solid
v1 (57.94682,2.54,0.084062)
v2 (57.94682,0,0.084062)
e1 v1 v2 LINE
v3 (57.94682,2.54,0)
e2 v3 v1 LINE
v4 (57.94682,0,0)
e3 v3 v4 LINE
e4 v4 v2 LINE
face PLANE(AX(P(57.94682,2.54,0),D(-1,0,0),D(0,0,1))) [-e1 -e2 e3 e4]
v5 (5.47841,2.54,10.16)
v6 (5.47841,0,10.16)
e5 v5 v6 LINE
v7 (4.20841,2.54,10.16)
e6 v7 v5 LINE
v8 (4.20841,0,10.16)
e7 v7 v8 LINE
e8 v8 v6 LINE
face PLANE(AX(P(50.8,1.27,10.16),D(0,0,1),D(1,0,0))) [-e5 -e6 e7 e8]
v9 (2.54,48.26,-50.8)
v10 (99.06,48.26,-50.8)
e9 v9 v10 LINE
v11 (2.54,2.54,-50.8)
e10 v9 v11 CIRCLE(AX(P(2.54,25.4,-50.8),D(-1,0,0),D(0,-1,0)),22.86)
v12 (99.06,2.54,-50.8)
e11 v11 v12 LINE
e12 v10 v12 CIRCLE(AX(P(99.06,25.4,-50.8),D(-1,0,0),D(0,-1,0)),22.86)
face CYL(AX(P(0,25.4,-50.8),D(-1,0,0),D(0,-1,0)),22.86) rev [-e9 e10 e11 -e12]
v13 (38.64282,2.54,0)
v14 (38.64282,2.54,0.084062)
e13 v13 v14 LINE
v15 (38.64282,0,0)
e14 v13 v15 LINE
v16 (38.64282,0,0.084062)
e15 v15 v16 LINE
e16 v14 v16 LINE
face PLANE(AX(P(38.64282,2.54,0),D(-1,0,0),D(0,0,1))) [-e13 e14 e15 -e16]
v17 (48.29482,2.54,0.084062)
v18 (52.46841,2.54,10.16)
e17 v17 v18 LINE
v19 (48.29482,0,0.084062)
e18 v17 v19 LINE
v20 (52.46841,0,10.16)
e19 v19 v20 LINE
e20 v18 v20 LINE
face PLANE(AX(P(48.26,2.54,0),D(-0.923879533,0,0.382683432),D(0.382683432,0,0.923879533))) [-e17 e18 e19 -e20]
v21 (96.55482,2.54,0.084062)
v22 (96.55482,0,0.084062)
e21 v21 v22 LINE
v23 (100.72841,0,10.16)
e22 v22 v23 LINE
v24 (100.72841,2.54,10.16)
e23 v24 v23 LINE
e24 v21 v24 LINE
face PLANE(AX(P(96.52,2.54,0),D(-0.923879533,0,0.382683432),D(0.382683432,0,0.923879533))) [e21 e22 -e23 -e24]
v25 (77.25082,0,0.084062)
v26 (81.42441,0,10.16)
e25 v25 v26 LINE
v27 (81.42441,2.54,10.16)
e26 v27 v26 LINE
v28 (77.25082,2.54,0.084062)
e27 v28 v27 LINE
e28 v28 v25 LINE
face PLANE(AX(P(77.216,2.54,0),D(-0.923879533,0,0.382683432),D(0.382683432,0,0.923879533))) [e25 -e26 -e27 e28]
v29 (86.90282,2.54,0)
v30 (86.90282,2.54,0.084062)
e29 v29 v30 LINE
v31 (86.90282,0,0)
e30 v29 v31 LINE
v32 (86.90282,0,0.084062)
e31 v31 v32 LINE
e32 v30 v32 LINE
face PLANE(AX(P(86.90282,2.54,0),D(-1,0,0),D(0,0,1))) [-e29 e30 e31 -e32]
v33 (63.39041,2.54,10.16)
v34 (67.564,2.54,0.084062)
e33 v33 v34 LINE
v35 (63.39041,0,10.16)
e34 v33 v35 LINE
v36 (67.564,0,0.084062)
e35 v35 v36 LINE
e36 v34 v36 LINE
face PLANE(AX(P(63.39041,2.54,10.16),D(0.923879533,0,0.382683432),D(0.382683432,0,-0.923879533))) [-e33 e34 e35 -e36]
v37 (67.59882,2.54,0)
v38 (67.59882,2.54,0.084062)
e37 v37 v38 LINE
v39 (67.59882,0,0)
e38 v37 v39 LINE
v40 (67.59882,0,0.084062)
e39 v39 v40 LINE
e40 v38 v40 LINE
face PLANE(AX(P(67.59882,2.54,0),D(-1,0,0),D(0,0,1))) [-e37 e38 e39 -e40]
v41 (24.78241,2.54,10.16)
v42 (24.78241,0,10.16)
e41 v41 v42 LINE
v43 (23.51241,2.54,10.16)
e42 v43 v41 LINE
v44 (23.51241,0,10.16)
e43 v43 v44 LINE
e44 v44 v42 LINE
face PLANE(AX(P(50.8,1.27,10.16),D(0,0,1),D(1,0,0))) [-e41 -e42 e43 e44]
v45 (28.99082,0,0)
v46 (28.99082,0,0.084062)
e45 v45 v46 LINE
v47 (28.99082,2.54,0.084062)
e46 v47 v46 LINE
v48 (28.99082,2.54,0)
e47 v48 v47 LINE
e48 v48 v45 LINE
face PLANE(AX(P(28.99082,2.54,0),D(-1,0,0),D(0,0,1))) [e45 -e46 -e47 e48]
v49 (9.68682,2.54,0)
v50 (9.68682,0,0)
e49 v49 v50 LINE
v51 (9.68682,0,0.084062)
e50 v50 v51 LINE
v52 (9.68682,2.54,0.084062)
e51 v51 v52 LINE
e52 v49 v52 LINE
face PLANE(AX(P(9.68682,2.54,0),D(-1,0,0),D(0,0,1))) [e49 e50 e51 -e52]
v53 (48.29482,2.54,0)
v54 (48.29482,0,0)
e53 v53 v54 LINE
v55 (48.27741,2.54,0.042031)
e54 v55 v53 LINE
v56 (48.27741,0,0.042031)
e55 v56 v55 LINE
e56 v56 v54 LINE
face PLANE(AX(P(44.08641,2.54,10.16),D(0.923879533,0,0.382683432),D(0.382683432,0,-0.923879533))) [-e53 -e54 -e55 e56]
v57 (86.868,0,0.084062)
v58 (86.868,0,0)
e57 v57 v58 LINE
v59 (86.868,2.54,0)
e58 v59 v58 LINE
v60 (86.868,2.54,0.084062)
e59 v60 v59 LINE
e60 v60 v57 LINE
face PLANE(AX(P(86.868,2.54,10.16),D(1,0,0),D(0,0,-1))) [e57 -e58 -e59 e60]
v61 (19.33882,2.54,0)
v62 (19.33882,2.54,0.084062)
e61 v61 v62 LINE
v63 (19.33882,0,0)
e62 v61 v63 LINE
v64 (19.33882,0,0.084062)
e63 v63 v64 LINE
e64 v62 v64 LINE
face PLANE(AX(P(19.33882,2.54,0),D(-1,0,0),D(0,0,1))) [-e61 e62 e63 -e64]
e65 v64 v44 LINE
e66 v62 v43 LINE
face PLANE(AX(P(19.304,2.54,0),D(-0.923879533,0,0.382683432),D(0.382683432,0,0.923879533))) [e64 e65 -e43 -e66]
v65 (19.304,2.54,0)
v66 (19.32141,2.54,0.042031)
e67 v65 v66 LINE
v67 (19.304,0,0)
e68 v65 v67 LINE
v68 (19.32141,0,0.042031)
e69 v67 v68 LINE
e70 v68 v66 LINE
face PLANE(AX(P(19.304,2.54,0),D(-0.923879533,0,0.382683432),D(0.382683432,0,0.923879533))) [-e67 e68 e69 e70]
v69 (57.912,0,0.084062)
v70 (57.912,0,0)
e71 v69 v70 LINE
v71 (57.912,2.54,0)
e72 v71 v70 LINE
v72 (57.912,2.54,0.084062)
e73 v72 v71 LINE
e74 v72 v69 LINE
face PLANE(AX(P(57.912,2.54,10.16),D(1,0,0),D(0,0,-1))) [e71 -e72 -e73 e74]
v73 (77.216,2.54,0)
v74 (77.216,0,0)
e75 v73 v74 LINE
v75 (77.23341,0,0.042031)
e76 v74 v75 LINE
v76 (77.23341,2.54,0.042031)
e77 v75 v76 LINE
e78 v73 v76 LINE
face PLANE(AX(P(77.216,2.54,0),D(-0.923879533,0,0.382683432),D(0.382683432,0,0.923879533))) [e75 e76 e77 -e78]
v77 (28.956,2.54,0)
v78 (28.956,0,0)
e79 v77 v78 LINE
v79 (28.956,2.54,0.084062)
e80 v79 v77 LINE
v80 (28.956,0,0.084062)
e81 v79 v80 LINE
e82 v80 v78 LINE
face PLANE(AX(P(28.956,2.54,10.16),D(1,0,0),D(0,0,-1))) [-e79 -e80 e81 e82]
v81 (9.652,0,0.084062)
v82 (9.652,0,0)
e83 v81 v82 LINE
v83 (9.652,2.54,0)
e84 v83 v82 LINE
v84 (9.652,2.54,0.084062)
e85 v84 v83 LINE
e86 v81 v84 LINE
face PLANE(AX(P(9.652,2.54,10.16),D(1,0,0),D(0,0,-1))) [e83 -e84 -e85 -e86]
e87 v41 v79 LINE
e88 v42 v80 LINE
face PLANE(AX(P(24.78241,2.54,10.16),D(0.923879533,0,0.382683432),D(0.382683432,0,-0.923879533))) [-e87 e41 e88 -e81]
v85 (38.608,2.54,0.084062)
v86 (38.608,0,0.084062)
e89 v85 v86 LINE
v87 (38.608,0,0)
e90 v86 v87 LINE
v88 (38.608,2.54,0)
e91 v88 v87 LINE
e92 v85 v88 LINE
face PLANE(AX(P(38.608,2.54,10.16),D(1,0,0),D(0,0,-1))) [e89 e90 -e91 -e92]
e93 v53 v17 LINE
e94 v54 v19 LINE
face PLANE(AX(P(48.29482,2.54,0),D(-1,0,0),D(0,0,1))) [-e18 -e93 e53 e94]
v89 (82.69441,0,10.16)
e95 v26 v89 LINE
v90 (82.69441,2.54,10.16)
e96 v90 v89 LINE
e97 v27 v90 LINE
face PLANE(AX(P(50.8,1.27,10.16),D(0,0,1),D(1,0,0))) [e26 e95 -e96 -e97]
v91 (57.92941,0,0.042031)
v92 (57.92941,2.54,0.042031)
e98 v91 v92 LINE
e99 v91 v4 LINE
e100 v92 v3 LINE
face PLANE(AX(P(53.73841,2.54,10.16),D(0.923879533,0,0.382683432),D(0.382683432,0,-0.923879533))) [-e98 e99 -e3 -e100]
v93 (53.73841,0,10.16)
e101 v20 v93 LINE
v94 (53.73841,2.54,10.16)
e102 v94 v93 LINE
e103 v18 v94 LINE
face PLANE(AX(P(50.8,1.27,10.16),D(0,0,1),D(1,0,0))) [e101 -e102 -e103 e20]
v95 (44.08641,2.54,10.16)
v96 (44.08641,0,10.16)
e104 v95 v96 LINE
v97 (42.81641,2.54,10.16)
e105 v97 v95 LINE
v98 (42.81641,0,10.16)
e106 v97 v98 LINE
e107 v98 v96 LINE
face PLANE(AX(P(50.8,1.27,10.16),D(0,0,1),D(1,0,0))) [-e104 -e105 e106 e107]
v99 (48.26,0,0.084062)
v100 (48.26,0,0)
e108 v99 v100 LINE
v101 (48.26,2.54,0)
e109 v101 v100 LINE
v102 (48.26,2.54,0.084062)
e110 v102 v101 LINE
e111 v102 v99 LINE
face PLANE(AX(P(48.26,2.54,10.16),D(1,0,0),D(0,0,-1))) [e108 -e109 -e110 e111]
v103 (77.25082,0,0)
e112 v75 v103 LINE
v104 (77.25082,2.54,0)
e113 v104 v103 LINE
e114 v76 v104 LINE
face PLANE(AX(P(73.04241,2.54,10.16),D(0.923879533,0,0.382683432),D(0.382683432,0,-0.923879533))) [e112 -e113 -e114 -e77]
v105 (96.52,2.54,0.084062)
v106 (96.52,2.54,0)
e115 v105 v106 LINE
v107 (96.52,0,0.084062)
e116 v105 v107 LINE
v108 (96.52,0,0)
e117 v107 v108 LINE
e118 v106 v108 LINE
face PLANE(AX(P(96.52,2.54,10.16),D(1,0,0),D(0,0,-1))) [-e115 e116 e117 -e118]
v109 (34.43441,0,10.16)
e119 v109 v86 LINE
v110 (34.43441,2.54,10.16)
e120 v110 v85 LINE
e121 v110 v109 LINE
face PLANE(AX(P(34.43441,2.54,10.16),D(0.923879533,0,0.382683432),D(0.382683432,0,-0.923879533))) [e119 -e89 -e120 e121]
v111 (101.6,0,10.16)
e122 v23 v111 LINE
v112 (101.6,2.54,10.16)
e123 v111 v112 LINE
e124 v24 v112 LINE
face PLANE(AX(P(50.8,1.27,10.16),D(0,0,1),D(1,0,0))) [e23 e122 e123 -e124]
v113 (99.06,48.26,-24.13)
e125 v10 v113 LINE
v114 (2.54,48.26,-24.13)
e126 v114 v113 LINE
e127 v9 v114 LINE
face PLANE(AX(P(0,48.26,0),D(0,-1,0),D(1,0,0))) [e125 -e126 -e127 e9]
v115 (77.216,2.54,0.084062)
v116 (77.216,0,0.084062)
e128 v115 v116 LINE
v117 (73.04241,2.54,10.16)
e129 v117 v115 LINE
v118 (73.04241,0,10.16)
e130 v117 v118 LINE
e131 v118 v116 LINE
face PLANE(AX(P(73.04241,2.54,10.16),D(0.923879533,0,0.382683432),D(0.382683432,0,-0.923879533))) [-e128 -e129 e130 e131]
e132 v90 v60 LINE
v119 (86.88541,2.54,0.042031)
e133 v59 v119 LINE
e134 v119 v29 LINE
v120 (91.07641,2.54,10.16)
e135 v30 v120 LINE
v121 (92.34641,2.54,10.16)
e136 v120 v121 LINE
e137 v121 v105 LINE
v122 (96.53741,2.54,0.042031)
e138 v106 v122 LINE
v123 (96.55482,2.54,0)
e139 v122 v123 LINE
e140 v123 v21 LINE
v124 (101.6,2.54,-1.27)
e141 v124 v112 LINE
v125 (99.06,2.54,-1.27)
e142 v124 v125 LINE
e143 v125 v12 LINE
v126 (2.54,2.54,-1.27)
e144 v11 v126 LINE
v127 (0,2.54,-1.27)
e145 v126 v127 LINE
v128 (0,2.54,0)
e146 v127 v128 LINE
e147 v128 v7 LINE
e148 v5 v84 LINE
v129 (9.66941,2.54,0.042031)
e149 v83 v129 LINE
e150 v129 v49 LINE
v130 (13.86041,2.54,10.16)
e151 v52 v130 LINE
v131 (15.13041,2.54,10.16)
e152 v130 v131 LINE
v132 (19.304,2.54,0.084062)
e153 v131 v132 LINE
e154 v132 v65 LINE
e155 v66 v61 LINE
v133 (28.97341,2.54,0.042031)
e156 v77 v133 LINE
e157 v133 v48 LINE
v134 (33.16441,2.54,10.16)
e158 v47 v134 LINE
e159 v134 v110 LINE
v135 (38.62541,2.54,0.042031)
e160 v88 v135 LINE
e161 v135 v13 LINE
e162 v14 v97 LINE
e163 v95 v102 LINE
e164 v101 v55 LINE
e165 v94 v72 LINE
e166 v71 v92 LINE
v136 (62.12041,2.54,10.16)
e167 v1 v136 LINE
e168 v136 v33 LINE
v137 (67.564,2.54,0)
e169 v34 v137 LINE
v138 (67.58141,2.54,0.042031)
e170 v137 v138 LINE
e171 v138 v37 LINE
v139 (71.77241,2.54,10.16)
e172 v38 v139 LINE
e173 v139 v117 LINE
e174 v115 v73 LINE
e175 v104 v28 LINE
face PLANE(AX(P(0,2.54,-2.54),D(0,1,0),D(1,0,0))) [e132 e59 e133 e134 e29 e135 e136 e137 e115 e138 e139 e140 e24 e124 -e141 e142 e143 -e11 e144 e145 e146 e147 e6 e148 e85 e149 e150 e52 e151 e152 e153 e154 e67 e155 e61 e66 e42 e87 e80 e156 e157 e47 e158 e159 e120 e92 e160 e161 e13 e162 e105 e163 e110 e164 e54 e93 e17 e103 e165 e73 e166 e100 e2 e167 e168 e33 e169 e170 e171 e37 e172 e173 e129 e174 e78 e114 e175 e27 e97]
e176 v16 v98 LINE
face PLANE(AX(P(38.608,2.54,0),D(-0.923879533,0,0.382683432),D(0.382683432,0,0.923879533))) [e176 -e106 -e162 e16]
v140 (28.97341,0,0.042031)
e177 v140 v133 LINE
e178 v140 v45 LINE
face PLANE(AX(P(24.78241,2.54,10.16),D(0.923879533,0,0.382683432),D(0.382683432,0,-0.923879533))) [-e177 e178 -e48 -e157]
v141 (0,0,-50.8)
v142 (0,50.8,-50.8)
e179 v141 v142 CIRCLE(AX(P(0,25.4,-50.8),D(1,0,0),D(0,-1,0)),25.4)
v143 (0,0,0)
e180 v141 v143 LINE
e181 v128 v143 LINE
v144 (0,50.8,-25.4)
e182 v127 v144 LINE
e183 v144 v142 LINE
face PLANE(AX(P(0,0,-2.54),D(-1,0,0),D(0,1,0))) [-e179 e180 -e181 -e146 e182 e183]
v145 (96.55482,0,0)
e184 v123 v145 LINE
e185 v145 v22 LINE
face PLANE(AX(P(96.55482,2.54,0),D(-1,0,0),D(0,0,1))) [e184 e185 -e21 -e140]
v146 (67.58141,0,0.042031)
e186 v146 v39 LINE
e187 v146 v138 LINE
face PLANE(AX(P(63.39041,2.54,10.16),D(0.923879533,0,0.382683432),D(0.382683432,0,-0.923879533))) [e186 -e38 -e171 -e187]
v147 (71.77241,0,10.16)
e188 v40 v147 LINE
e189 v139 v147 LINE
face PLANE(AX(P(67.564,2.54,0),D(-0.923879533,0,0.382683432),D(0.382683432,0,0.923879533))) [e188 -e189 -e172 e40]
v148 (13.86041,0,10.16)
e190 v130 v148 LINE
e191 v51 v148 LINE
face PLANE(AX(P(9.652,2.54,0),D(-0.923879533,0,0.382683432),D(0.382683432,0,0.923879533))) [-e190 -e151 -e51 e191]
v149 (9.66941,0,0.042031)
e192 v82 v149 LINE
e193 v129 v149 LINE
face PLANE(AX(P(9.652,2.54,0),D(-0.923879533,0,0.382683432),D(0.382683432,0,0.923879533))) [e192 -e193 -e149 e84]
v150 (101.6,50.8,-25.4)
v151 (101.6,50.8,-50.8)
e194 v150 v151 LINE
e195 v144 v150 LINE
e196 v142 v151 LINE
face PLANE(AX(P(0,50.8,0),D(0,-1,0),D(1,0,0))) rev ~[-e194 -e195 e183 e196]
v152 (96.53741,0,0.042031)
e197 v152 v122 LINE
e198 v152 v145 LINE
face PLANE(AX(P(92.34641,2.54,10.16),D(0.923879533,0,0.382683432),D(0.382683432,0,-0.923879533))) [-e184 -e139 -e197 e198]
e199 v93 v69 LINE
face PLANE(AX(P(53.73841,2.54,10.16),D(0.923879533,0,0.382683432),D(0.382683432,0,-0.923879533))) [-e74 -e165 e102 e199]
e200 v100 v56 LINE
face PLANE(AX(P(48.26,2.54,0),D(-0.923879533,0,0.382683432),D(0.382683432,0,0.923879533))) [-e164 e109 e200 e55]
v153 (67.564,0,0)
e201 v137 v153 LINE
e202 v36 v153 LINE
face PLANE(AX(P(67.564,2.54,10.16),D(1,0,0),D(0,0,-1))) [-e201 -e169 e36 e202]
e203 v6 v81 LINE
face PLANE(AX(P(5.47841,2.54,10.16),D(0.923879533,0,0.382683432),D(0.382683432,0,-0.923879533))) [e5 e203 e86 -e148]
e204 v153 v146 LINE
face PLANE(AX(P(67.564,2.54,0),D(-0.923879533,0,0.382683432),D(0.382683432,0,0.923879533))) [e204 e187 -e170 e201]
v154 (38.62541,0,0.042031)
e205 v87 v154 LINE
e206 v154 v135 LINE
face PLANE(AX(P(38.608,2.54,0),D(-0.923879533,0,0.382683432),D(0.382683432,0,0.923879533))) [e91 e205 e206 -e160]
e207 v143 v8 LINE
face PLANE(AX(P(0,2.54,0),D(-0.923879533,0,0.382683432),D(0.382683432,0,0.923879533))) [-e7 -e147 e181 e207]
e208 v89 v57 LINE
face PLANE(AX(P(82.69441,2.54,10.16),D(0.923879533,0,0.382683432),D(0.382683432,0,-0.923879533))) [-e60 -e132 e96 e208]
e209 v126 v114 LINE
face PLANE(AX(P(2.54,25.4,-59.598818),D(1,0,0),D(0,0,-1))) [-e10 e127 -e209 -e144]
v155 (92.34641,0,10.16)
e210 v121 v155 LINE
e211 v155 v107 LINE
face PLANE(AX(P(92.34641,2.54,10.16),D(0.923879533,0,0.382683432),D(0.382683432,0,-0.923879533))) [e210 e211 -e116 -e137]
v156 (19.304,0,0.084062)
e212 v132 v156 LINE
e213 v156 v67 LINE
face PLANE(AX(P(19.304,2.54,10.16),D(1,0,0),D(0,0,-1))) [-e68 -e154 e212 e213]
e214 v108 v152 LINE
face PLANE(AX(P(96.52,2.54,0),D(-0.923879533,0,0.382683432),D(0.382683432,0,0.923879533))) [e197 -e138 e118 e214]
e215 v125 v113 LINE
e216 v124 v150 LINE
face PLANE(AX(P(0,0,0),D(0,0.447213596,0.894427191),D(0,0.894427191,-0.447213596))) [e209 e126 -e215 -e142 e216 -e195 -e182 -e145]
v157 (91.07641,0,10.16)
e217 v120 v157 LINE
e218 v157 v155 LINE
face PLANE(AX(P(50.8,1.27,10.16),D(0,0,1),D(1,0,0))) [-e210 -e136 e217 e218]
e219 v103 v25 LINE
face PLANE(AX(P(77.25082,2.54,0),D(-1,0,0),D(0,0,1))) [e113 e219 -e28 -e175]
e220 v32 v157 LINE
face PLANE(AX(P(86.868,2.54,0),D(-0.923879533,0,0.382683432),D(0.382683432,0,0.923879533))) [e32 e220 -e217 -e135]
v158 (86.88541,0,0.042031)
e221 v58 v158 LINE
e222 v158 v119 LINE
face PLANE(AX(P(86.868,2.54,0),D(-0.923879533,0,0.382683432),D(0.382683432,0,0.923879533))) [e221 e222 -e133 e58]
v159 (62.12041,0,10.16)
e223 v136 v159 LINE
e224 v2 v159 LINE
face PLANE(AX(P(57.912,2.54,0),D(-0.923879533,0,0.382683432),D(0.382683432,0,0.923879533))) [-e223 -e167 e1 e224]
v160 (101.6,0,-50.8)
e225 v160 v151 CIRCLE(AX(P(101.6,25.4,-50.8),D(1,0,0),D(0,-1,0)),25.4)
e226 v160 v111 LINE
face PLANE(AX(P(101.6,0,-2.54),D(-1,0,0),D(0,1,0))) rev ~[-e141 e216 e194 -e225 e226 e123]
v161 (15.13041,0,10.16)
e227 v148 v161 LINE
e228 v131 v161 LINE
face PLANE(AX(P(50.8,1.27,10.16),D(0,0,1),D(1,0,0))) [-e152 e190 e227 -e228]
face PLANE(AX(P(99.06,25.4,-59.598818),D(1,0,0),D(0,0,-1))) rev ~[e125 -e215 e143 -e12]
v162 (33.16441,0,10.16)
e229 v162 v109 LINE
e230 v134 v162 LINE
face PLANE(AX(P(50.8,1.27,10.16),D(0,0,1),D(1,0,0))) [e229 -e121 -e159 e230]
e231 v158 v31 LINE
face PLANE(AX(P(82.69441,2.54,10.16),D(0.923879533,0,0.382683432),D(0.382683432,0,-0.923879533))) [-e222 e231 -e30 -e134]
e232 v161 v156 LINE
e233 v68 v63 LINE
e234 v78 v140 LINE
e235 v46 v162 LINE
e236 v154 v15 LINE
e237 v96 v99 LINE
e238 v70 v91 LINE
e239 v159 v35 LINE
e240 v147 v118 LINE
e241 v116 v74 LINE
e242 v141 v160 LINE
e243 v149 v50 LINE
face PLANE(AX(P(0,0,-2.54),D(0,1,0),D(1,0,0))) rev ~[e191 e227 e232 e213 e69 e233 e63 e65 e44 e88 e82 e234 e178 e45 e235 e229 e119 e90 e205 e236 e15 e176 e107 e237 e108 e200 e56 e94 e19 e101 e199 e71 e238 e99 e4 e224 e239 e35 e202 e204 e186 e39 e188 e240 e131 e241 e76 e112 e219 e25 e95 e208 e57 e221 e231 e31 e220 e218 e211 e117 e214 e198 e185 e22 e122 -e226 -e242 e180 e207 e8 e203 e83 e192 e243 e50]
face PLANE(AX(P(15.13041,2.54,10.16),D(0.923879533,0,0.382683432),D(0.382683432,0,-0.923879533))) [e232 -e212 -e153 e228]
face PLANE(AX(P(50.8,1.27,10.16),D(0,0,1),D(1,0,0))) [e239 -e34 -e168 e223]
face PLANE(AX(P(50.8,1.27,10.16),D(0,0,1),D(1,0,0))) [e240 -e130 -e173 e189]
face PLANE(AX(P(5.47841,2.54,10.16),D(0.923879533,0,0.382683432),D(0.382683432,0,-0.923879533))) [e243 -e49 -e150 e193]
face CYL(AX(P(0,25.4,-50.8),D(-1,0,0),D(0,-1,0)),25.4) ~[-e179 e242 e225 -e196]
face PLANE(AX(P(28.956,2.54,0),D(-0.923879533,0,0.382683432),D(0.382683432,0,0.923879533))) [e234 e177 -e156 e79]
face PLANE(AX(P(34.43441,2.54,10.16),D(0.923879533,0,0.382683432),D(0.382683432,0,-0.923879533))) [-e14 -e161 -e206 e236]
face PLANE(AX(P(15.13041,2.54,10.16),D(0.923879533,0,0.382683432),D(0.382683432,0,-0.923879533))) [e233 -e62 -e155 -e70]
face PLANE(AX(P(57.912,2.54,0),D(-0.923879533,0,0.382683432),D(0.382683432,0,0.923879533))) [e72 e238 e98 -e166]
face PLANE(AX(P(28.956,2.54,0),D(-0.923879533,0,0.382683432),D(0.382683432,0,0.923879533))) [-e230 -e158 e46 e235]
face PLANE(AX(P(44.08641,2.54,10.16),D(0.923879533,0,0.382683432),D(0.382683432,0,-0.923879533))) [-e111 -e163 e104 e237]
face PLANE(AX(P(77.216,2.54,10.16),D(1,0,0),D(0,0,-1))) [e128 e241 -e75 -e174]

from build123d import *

# Parameters (mm, degrees)
SKETCH1_W           = 101.6
SKETCH1_H           = 50.8
BOSS_EXTRUDE1_DEPTH = 50.8
BOSS_EXTRUDE2_DEPTH = 101.6
CUT_EXTRUDE1_DEPTH  = 101.6
SHELL1_T            = -2.54
SKETCH4_W           = 101.6
SKETCH4_H           = 2.54
BOSS_EXTRUDE3_DEPTH = 12.7
CUT_EXTRUDE2_DEPTH  = 2.54
LPATTERN1_COUNT     = 11
LPATTERN1_PITCH     = 9.652


with BuildPart() as part:
    # Sketch1 → Boss-Extrude1 (new body)
    with BuildSketch(Plane.XY):
        with Locations((50.8, 25.4)):
            Rectangle(SKETCH1_W, SKETCH1_H)
    extrude(amount=-BOSS_EXTRUDE1_DEPTH)

    # Sketch2 → Boss-Extrude2 (add)
    with BuildSketch(Plane.ZY):
        with BuildLine():
            Line((-50.8, 50.8), (-50.8, 0))
            ThreePointArc((-50.8, 0), (-76.2, 25.4), (-50.8, 50.8))
        make_face()
    extrude(amount=-BOSS_EXTRUDE2_DEPTH)

    # Sketch3 → Cut-Extrude1 (cut)
    with BuildSketch(Plane.ZY):
        Polygon((0, 0), (-25.4, 50.8), (0, 50.8), align=None)
    extrude(amount=-CUT_EXTRUDE1_DEPTH, mode=Mode.SUBTRACT)

    # Shell1
    shell1_openings = [part.faces().sort_by_distance(p)[0] for p in [
        (50.8, 25.4, -12.7),
    ]]
    offset(amount=SHELL1_T, openings=shell1_openings, kind=Kind.INTERSECTION)

    # Sketch4 → Boss-Extrude3 (add)
    with BuildSketch(Plane.XY.offset(-2.54)):
        with Locations((50.8, 1.27)):
            Rectangle(SKETCH4_W, SKETCH4_H)
    extrude(amount=BOSS_EXTRUDE3_DEPTH)

    # Sketch5 → Cut-Extrude2 (cut)
    with BuildSketch(Plane(origin=(0, 2.54, 0), x_dir=(1, 0, 0), z_dir=(0, 1, 0))):
        Polygon((0, 0), (4.208409794, -10.16), (0, -10.16), align=None)
        Polygon((5.478409794, -10.16), (9.686819587, 0), (9.686819587, -10.16), align=None)
    cut_extrude2 = extrude(amount=-CUT_EXTRUDE2_DEPTH, mode=Mode.SUBTRACT)

    # LPattern1: Cut-Extrude2 ×11
    with Locations(*[(i * LPATTERN1_PITCH, 0, 0) for i in range(1, LPATTERN1_COUNT)]):
        add(cut_extrude2, mode=Mode.SUBTRACT)


solid = part.part
